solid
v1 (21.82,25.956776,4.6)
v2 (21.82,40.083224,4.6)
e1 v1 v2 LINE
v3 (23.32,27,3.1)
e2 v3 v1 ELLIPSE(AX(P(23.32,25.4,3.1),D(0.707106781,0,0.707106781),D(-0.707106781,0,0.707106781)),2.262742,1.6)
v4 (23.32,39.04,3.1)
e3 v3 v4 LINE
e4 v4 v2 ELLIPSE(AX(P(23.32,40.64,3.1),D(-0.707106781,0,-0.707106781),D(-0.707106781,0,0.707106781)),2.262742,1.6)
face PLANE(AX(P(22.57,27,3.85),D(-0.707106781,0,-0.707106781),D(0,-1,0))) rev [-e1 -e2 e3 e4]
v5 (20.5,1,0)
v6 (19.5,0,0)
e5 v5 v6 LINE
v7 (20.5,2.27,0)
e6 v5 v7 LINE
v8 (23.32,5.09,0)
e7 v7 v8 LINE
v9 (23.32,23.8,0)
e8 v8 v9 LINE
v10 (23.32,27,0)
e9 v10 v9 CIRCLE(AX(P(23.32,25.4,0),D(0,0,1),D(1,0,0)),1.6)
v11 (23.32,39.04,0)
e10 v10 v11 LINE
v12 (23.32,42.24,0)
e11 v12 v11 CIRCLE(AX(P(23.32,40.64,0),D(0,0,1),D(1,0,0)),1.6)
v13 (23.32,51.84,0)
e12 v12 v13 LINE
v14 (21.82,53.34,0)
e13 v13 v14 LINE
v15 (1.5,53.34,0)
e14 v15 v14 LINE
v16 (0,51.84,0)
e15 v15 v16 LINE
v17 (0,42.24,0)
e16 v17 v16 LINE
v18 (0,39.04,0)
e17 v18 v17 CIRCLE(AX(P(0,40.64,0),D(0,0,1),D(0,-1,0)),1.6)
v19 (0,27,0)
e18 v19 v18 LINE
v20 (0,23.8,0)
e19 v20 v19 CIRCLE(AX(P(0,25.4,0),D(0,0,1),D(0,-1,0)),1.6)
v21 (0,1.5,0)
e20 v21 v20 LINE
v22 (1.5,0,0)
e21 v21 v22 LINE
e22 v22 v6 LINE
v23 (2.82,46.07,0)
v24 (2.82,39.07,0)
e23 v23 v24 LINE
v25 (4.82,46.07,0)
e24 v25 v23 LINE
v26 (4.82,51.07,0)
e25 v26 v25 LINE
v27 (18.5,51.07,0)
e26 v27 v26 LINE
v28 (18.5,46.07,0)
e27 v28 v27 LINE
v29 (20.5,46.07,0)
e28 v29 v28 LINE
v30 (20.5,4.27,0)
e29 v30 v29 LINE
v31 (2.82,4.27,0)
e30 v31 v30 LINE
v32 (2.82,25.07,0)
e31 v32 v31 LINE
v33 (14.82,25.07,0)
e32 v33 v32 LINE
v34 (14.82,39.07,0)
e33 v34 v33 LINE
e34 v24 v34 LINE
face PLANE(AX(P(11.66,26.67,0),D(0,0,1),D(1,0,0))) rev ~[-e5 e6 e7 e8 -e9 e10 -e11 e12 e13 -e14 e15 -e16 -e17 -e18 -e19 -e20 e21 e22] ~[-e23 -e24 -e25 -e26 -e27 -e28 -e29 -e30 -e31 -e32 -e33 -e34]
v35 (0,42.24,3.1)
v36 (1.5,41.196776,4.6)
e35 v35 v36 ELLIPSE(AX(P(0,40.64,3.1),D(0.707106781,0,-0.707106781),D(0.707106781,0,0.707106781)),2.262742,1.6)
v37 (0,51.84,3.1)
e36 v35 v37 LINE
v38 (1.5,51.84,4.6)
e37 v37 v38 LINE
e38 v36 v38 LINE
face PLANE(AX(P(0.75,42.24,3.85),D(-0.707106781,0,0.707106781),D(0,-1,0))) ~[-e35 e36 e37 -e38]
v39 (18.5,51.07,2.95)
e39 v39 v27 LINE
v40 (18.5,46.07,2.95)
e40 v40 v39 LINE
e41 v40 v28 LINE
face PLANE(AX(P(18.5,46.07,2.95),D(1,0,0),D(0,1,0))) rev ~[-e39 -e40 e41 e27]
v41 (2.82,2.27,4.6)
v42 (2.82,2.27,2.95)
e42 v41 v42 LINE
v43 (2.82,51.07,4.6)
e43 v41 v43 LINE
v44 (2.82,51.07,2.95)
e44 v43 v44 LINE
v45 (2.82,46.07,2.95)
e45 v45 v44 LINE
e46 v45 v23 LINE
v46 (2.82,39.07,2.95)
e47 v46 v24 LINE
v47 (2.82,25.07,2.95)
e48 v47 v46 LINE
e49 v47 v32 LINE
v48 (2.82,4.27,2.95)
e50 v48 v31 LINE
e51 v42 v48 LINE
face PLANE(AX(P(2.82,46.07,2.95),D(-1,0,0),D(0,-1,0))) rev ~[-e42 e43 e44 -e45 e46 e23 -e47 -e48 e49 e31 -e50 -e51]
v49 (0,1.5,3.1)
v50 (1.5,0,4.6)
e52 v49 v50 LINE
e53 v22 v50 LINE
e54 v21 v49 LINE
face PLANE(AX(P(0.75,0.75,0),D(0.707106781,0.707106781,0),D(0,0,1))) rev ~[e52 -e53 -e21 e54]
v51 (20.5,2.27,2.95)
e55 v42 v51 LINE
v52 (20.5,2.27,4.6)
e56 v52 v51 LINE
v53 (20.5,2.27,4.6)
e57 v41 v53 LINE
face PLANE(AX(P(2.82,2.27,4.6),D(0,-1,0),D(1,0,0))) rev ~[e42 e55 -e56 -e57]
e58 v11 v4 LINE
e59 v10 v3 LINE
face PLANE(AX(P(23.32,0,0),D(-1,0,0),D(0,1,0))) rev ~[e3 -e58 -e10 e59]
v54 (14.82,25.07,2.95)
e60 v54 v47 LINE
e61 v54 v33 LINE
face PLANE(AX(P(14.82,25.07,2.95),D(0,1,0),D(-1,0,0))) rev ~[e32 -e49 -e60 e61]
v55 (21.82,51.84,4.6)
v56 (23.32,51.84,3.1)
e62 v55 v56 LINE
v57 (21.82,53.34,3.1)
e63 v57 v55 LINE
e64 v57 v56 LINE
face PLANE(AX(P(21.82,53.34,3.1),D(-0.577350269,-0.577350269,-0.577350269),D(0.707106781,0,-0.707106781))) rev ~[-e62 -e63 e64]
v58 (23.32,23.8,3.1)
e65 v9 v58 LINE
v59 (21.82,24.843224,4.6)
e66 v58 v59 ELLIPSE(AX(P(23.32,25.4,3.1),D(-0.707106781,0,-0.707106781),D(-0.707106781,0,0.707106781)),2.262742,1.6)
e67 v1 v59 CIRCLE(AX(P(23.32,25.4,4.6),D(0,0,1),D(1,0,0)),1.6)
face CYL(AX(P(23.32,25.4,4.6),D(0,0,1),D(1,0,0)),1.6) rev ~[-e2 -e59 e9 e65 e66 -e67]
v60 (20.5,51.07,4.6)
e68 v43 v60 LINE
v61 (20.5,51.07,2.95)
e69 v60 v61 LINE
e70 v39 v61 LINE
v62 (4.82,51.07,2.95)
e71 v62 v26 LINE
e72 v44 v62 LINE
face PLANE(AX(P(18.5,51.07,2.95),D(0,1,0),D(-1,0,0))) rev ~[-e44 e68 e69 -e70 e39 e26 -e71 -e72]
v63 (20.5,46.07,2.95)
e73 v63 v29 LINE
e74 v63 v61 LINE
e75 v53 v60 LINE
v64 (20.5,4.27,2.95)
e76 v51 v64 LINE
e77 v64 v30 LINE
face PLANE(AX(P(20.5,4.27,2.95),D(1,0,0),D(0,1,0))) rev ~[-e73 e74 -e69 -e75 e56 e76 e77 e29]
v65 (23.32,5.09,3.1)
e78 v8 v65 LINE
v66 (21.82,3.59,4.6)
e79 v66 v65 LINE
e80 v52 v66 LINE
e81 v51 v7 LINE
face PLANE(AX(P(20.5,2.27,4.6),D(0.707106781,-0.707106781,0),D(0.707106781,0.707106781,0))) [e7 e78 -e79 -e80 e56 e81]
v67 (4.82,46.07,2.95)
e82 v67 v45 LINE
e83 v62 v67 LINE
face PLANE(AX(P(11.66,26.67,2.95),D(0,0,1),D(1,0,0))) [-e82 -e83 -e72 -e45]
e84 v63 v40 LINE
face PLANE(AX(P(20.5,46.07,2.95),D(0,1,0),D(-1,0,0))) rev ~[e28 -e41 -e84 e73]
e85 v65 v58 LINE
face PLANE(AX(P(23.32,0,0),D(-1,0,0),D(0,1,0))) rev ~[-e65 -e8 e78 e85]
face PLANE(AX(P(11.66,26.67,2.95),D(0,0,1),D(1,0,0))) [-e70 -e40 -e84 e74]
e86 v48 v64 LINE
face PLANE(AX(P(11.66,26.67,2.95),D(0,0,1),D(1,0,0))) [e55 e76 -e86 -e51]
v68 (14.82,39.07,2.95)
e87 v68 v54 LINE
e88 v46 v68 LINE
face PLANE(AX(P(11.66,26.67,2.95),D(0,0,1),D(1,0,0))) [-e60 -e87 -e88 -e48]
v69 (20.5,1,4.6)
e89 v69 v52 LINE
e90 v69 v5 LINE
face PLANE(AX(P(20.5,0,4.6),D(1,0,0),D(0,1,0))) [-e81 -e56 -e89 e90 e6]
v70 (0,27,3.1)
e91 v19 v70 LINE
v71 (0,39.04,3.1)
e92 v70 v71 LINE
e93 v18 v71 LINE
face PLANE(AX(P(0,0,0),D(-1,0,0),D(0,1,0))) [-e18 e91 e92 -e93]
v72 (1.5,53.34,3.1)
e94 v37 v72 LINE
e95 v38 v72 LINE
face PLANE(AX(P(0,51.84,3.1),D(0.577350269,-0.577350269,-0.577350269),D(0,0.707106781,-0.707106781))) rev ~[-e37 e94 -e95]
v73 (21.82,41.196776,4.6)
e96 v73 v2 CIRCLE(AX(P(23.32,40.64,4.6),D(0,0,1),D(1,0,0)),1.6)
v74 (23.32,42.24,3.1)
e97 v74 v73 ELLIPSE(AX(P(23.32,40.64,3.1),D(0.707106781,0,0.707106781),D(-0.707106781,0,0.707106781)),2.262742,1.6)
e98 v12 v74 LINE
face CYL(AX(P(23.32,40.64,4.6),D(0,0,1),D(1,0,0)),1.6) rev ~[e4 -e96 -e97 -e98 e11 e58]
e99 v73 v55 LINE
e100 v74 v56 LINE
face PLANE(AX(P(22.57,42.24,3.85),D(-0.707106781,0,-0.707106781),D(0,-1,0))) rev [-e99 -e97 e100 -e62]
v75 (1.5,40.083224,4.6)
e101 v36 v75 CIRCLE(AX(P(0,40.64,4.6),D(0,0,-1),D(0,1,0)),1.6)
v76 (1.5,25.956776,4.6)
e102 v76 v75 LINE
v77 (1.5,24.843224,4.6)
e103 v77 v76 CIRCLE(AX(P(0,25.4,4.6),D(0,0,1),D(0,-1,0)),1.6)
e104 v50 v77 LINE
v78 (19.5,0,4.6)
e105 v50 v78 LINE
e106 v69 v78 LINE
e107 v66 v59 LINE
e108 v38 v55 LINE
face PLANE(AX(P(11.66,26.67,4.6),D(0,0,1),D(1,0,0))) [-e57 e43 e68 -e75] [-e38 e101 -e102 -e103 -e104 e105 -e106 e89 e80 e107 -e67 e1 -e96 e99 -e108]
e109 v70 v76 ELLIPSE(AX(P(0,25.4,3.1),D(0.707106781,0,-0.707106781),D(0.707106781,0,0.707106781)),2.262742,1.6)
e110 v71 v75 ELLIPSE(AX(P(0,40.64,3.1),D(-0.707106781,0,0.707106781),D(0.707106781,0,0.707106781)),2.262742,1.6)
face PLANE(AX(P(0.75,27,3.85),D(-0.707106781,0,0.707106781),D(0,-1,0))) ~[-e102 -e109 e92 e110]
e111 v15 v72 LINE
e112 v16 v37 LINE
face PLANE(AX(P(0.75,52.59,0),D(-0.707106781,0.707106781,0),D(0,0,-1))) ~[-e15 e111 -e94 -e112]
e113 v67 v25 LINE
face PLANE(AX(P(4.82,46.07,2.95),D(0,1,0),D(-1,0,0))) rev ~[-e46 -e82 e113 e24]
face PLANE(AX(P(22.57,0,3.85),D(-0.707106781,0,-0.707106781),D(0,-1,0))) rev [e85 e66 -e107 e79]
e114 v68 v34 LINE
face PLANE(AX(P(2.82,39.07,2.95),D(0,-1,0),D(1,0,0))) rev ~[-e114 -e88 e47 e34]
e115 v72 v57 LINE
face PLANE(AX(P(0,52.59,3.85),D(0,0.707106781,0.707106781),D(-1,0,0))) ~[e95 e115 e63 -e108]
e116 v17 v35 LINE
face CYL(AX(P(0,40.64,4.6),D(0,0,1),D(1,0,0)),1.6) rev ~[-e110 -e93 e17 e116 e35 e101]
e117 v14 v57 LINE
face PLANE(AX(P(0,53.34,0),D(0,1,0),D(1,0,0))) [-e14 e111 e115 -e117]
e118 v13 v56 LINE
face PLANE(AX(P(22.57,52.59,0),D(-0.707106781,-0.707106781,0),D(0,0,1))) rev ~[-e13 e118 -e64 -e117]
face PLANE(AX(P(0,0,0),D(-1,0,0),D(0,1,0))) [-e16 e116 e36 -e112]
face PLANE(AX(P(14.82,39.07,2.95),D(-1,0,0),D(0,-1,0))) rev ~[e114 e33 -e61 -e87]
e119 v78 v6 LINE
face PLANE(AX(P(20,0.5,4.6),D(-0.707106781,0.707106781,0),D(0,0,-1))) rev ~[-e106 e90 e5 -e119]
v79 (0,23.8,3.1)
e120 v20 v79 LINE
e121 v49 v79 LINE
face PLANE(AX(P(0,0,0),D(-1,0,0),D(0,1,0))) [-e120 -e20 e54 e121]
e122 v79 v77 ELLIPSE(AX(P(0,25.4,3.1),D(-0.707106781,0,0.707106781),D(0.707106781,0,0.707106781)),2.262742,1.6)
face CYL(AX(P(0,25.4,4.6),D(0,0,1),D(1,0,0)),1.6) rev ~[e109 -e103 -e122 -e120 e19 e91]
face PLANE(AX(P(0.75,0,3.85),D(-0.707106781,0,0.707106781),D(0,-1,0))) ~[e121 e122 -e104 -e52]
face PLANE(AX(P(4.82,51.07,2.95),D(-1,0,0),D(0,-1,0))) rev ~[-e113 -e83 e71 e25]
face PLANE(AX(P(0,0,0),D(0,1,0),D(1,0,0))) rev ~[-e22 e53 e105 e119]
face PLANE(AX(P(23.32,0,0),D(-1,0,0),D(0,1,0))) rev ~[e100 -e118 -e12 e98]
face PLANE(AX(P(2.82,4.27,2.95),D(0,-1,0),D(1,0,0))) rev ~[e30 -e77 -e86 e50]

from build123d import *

# Parameters (mm, degrees)
SKETCH_W        = 23.32
SKETCH_H        = 53.34
PAD_DEPTH       = 4.6
SKETCH001_W     = 17.68
SKETCH001_H     = 48.8
POCKET_DEPTH    = 1.65
POCKET001_DEPTH = 3
SKETCH003_R     = 1.6
POCKET002_DEPTH = 5
CHAMFER_SIZE    = 1.5
POCKET003_DEPTH = 5
CHAMFER001_SIZE = 1


with BuildPart() as part:
    # Sketch → Pad (new body)
    with BuildSketch(Plane.XY):
        with Locations((11.66, 26.67)):
            Rectangle(SKETCH_W, SKETCH_H)
    extrude(amount=PAD_DEPTH)

    # Sketch001 (on Face6 of Pad) → Pocket (cut)
    with BuildSketch(Plane.XY.offset(4.6)):
        with Locations((11.66, 26.67)):
            Rectangle(SKETCH001_W, SKETCH001_H)
    extrude(amount=-POCKET_DEPTH, mode=Mode.SUBTRACT)

    # Sketch002 (on Face11 of Pocket) → Pocket001 (cut)
    with BuildSketch(Plane.XY.offset(2.95)):
        Polygon((2.82, 4.27), (20.5, 4.27), (20.5, 46.07), (18.5, 46.07), (18.5, 51.07), (4.82, 51.07), (4.82, 46.07), (2.82, 46.07), (2.82, 39.07), (14.82, 39.07), (14.82, 25.07), (2.82, 25.07), align=None)
    extrude(amount=-POCKET001_DEPTH, mode=Mode.SUBTRACT)

    # Sketch003 (on Face5 of Pocket001) → Pocket002 (cut)
    with BuildSketch(Plane.XY.offset(4.6)):
        with Locations((23.32, 40.64)):
            Circle(SKETCH003_R)
        with Locations((23.32, 25.4)):
            Circle(SKETCH003_R)
        with Locations((0, 40.64)):
            Circle(SKETCH003_R)
        with Locations((0, 25.4)):
            Circle(SKETCH003_R)
    extrude(amount=-POCKET002_DEPTH, mode=Mode.SUBTRACT)

    # Chamfer
    chamfer_edges = [part.edges().sort_by_distance(p)[0] for p in [
        (23.32, 47.79, 4.6),
        (11.66, 53.34, 4.6),
        (0, 47.79, 4.6),
        (0, 33.02, 4.6),
        (23.32, 33.02, 4.6),
        (23.32, 11.9, 4.6),
        (0, 11.9, 4.6),
        (23.32, 0, 2.3),
        (0, 0, 2.3),
        (23.32, 53.34, 2.3),
        (0, 53.34, 2.3),
    ]]
    chamfer(chamfer_edges, length=CHAMFER_SIZE)

    # Sketch004 (on Face35 of Chamfer) → Pocket003 (cut)
    with BuildSketch(Plane.XY.offset(4.6)):
        Polygon((24.23, 6), (24.23, 0), (20.5, 0), (20.5, 2.27), align=None)
    extrude(amount=-POCKET003_DEPTH, mode=Mode.SUBTRACT)

    # Chamfer001
    chamfer001_edges = [part.edges().sort_by_distance(p)[0] for p in [
        (20.5, 0, 2.3),
    ]]
    chamfer(chamfer001_edges, length=CHAMFER001_SIZE)


solid = part.part
